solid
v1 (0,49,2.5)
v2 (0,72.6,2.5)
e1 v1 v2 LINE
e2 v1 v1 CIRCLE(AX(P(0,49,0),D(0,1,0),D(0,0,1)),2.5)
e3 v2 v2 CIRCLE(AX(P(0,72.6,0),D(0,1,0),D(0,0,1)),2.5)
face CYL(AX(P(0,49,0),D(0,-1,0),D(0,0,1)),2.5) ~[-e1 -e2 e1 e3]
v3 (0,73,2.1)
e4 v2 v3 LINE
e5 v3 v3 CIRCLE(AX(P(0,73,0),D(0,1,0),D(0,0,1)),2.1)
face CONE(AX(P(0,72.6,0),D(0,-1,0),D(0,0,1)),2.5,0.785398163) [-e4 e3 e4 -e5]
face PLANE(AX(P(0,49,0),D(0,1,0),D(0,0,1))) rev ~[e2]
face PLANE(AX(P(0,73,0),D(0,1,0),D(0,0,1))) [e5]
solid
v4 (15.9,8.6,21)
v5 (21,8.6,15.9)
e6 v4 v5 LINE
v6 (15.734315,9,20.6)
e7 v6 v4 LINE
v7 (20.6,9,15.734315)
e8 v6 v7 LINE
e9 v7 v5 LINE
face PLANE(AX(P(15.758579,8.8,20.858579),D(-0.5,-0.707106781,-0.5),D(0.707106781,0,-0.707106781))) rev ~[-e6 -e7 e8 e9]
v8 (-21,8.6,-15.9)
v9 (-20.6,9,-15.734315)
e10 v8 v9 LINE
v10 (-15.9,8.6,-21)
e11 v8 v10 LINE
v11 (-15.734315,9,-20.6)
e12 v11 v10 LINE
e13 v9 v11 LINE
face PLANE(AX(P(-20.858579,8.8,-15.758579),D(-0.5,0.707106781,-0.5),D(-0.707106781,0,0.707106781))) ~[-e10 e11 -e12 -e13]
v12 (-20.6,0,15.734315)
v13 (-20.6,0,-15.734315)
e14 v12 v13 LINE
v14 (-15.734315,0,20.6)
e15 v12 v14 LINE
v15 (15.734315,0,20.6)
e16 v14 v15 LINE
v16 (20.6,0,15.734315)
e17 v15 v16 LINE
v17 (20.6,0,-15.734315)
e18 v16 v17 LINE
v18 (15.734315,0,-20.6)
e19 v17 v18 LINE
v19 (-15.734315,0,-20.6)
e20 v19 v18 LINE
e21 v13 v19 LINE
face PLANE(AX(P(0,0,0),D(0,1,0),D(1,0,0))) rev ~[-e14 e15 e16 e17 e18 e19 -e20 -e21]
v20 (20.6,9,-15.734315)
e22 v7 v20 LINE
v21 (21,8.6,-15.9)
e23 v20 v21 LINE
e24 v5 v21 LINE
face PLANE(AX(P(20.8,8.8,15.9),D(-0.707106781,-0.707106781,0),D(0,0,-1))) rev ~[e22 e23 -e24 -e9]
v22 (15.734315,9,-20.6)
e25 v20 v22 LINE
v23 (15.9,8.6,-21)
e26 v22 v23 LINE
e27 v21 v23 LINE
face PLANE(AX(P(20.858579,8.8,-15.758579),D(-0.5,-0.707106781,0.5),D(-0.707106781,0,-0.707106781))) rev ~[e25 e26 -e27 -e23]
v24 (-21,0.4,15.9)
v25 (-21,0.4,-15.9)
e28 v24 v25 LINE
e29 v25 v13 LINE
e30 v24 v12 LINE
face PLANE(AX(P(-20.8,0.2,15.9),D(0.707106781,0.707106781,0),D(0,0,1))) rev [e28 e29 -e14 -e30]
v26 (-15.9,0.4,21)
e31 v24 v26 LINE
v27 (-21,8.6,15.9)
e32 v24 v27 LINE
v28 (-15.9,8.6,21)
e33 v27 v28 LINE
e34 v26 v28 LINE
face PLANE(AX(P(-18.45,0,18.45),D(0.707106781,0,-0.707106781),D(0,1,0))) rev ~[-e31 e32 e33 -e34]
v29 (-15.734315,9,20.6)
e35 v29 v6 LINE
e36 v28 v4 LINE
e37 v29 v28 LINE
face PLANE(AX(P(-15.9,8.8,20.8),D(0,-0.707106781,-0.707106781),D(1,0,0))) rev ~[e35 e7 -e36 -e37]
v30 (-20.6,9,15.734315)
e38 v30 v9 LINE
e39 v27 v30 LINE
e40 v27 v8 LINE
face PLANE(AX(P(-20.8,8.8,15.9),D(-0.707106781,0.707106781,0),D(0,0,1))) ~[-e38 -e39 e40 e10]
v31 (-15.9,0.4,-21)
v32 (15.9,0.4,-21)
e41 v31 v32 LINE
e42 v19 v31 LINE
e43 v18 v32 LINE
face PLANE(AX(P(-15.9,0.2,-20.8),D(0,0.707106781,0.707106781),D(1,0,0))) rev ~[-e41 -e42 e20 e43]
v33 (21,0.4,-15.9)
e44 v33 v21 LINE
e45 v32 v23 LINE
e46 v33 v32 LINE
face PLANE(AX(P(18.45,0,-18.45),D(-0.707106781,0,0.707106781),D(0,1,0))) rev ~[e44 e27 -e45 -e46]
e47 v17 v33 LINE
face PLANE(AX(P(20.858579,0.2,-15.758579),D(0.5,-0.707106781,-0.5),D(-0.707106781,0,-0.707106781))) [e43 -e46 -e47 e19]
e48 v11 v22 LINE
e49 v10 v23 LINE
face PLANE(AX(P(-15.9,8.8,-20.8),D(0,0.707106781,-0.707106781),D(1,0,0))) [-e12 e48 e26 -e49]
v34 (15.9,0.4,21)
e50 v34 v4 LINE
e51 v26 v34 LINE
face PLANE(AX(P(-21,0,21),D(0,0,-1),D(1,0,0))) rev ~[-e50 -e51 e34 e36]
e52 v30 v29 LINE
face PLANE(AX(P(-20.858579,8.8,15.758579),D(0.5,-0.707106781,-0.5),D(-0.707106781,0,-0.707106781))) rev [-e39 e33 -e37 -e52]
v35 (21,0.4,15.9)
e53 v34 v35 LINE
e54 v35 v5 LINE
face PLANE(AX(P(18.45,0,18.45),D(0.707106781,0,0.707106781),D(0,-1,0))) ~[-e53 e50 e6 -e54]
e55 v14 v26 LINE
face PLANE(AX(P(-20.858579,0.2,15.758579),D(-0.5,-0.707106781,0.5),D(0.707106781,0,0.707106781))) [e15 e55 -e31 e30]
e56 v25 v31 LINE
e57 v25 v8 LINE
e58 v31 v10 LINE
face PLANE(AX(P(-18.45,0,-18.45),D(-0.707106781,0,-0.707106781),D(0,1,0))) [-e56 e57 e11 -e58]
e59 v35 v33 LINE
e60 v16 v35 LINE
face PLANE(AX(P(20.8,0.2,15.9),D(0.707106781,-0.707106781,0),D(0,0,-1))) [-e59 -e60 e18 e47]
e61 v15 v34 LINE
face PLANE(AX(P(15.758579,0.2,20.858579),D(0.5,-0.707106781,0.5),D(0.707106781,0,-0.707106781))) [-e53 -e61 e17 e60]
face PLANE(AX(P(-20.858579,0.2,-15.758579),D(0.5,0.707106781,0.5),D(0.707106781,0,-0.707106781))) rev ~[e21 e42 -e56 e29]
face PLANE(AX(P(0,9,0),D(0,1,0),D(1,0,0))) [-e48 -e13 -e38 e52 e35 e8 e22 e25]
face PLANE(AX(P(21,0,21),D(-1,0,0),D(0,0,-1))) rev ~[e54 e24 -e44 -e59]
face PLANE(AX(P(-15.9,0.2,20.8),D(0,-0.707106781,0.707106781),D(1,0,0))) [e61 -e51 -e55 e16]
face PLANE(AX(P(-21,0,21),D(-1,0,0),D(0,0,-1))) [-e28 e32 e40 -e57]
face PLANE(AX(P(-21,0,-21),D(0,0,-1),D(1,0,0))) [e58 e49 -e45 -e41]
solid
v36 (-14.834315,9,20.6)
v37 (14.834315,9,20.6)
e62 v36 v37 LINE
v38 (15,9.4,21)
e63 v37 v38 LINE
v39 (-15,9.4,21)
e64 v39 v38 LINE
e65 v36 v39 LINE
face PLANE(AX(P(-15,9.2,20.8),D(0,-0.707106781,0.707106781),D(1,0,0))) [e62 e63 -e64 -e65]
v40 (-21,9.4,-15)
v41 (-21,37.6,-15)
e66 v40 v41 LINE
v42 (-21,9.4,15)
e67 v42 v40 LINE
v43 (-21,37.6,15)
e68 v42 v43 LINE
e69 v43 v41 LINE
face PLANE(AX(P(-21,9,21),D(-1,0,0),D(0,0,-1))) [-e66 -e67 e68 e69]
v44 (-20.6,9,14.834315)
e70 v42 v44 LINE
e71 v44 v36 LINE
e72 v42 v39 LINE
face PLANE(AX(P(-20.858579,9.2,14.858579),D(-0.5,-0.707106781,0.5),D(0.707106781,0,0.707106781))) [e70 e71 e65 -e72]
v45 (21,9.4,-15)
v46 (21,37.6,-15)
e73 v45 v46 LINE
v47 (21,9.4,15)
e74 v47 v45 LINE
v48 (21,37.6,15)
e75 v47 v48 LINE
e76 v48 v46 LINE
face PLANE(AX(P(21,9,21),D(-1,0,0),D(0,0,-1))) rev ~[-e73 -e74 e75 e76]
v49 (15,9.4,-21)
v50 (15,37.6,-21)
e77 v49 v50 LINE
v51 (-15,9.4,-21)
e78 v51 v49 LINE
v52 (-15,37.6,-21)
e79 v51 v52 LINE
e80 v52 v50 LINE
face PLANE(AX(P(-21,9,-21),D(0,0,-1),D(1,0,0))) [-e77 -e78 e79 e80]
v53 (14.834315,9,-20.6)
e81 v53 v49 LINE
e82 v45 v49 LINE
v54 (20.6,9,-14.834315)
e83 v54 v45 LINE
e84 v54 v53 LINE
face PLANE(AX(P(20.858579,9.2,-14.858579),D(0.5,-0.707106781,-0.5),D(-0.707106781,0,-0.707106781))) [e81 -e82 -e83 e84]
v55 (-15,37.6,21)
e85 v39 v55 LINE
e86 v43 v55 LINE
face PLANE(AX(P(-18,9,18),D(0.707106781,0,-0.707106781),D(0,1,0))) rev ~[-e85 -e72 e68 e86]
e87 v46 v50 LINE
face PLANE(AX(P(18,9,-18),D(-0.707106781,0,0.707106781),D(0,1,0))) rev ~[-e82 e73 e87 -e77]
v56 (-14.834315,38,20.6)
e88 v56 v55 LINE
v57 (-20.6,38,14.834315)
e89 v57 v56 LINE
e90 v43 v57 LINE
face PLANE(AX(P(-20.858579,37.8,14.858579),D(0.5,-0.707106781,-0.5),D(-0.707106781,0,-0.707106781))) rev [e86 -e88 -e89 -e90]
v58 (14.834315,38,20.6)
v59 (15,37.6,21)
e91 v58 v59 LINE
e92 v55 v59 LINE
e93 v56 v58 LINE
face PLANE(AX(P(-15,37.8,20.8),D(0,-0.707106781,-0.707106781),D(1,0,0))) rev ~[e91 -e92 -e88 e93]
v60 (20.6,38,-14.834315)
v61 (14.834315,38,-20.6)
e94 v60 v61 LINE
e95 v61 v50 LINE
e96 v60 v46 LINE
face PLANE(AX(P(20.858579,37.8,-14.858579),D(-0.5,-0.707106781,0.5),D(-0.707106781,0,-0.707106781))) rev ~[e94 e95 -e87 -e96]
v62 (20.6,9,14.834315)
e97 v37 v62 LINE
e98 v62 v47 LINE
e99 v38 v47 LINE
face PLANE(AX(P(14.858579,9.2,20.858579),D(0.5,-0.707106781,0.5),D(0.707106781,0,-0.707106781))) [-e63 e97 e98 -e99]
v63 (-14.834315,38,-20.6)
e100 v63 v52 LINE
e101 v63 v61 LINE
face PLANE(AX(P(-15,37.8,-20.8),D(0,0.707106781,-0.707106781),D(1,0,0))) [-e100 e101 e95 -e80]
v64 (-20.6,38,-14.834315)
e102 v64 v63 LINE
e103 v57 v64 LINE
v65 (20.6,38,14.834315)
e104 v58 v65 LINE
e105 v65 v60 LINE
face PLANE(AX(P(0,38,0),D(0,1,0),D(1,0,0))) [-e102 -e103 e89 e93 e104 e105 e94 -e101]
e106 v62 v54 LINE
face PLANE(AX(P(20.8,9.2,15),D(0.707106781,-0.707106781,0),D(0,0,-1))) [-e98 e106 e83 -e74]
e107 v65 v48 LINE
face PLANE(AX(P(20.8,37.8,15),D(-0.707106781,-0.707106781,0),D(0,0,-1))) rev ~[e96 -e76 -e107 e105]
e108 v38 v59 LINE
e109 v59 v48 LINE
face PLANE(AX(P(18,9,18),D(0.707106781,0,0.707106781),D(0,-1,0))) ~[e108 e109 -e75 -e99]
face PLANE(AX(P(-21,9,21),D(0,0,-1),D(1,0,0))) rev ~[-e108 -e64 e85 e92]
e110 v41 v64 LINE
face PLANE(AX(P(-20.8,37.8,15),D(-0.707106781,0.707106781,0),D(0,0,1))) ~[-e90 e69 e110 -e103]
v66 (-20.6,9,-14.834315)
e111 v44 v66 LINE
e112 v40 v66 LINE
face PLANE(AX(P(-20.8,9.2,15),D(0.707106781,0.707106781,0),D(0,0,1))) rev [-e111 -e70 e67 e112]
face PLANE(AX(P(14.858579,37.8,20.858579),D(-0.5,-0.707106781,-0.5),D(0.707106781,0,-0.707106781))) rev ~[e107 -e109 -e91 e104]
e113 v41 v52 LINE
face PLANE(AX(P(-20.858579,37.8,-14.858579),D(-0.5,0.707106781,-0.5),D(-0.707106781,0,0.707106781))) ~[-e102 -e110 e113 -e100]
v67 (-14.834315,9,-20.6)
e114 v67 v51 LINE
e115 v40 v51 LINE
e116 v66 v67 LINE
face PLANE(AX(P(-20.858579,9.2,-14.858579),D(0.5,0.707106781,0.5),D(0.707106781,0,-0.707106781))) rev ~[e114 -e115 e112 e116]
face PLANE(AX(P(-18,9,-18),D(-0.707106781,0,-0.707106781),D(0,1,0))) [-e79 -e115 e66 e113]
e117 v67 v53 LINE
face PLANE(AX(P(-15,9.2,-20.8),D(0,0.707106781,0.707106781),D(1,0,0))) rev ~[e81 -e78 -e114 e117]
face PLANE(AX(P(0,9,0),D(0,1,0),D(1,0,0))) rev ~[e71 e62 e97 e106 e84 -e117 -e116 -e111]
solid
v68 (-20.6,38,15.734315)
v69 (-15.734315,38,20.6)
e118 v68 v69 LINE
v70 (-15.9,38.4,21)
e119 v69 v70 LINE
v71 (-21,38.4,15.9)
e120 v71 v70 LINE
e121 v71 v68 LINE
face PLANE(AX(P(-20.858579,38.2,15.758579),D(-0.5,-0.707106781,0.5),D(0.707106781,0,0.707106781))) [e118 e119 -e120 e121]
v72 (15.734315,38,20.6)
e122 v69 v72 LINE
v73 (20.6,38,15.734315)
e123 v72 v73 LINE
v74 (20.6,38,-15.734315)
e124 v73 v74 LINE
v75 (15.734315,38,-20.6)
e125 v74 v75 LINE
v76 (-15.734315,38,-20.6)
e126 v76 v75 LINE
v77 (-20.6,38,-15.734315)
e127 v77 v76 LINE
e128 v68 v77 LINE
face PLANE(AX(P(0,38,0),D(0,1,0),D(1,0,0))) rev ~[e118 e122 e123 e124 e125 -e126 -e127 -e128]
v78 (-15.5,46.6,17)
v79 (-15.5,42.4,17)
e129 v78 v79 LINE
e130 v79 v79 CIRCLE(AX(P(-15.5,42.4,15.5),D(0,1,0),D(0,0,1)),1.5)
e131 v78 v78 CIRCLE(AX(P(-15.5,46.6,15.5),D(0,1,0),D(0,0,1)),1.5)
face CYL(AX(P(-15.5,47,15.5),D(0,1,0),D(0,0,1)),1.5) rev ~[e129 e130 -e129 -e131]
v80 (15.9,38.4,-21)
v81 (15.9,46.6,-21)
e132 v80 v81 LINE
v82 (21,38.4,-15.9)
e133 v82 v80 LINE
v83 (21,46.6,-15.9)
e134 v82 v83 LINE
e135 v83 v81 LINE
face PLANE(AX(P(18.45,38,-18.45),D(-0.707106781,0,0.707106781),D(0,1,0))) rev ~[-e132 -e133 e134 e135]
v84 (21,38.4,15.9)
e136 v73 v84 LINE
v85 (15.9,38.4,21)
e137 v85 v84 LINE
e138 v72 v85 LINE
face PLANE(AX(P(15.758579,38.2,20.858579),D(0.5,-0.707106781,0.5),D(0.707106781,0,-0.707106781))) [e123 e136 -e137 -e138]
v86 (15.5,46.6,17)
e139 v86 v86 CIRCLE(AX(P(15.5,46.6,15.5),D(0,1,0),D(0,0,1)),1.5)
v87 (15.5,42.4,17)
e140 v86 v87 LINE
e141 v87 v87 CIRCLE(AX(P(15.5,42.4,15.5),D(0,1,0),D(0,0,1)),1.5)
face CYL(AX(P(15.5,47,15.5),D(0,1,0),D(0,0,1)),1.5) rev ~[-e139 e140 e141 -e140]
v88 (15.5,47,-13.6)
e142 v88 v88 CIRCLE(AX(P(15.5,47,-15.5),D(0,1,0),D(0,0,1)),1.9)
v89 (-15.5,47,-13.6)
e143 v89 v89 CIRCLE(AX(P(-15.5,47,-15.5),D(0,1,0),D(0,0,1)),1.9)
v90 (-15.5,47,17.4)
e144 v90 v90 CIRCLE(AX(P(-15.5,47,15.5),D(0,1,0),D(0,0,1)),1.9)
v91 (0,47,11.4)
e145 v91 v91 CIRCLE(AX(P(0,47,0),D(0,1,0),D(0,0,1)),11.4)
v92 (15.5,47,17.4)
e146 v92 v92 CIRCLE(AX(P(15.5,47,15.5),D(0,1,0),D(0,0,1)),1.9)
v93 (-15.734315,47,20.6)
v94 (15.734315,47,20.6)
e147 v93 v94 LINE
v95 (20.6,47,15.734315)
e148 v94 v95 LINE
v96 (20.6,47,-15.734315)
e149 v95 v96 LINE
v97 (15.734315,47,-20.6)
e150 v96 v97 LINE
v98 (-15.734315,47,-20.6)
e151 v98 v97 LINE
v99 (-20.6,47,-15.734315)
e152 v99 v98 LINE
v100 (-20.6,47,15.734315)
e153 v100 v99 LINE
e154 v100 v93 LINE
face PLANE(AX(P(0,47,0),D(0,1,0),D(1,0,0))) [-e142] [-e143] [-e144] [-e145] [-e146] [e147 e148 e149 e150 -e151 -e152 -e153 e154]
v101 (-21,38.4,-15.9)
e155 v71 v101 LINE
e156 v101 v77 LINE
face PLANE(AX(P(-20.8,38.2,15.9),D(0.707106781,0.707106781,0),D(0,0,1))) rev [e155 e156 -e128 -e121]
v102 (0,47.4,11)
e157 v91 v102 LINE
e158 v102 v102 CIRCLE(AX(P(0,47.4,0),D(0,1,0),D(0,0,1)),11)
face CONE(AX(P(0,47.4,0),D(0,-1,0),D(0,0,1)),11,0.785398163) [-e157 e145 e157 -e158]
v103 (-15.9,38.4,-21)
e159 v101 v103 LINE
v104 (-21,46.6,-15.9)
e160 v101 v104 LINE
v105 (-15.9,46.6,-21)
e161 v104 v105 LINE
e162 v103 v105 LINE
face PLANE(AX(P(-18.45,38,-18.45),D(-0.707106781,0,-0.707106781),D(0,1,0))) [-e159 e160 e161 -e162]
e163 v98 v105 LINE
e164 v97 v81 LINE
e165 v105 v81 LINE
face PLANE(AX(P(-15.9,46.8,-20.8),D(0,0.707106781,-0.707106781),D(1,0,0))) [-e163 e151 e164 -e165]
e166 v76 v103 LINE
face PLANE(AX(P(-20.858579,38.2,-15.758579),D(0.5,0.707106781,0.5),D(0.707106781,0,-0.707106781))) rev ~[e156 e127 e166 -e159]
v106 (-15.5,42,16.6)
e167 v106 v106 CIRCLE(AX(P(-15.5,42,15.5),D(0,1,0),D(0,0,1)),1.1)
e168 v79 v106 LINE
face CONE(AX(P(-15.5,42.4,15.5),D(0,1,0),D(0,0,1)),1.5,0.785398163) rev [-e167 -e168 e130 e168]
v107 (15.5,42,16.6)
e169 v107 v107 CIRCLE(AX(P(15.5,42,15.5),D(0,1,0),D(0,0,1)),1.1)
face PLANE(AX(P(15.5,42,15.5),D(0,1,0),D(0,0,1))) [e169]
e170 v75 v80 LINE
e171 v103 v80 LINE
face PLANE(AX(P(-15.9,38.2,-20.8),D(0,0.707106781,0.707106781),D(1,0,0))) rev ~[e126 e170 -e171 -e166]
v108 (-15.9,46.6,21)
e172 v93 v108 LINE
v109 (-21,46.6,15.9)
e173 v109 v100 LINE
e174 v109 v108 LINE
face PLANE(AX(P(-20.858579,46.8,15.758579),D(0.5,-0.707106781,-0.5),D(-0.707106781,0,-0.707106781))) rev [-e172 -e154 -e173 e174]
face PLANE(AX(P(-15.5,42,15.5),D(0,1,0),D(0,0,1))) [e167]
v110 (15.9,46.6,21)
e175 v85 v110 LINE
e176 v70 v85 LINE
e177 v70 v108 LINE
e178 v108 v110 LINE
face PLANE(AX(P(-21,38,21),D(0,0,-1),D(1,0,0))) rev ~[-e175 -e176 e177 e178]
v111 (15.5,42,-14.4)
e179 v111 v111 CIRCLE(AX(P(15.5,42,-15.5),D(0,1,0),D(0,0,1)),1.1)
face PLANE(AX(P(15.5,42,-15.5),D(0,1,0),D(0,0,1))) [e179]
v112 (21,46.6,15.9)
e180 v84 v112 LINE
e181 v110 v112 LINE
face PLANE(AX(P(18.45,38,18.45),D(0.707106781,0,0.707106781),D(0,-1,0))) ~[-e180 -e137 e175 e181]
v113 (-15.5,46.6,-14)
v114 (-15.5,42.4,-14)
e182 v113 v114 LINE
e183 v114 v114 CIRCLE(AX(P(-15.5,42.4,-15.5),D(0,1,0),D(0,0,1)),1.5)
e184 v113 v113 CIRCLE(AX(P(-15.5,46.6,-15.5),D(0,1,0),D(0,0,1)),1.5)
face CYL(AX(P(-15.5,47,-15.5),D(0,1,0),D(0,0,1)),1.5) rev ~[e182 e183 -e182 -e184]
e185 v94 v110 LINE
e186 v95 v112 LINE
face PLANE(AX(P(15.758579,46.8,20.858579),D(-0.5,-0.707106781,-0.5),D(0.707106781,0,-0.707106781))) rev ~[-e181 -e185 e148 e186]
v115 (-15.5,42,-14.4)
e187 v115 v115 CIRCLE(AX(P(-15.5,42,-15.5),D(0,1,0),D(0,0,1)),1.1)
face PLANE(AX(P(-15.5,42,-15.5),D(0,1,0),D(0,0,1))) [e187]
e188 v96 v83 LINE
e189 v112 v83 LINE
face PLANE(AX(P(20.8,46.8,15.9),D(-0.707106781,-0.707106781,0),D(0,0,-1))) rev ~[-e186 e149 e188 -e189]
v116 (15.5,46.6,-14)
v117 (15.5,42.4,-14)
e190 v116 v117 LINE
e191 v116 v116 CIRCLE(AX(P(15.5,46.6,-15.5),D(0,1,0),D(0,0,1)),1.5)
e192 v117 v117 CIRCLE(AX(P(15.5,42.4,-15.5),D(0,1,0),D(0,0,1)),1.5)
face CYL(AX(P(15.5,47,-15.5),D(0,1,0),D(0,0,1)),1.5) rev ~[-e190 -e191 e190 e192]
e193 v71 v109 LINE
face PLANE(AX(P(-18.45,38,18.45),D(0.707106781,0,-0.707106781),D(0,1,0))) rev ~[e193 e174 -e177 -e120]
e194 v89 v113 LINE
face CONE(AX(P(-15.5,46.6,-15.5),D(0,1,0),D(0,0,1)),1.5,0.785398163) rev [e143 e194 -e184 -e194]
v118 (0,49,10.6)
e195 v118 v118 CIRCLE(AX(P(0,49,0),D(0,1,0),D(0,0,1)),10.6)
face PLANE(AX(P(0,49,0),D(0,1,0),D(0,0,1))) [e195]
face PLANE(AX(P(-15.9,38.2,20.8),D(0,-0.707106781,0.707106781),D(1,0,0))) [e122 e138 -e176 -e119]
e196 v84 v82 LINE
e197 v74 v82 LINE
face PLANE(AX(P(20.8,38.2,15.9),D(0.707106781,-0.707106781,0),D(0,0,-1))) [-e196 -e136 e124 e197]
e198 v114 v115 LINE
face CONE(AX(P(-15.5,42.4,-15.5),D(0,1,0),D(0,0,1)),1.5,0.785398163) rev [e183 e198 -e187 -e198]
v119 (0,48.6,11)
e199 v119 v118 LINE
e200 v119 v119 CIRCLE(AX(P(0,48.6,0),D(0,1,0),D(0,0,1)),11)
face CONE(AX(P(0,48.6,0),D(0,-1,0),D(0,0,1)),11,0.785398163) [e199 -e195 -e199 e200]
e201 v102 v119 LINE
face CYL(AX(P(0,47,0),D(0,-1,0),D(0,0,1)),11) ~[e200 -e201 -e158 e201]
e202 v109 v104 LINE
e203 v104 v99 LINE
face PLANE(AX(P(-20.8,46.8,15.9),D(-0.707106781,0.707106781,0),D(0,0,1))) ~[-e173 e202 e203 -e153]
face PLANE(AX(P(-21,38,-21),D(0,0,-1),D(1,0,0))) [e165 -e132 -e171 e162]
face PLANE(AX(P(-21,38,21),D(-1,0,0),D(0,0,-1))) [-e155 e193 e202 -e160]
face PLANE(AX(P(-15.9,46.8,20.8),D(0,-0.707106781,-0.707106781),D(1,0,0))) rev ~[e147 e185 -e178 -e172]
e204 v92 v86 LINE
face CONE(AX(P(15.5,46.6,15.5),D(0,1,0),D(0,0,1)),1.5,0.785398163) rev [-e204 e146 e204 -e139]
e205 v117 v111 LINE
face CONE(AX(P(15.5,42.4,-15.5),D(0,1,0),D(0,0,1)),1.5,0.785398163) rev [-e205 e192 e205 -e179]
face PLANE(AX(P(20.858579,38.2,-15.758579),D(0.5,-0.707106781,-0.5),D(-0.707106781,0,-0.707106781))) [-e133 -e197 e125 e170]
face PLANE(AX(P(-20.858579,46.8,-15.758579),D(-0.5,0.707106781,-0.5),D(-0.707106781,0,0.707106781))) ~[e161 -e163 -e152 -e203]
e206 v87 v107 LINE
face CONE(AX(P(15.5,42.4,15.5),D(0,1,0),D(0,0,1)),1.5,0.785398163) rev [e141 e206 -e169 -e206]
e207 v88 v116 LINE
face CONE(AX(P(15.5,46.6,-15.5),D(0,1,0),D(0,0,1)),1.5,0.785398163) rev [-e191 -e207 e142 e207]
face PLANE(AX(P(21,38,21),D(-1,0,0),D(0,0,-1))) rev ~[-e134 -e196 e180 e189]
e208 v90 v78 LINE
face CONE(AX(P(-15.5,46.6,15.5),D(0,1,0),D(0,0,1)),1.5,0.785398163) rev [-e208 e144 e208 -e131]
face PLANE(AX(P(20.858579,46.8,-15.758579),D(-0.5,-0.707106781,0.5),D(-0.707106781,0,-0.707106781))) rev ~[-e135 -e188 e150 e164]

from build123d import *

# Parameters (mm, degrees)
SKETCH1_W           = 42
SKETCH1_H           = 42
BOSS_EXTRUDE1_DEPTH = 9
CHAMFER1_SIZE       = 5.1
CHAMFER2_SIZE       = 0.4
SKETCH3_W           = 42
SKETCH3_H           = 42
BOSS_EXTRUDE3_DEPTH = 29
CHAMFER3_SIZE       = 6
CHAMFER4_SIZE       = 0.4
SKETCH4_W           = 42
SKETCH4_H           = 42
BOSS_EXTRUDE4_DEPTH = 9
CHAMFER5_SIZE       = 5.1
SKETCH5_R           = 11
BOSS_EXTRUDE5_DEPTH = 2
SKETCH7_R           = 1.5
CUT_EXTRUDE1_DEPTH  = 5
CHAMFER6_SIZE       = 0.4
SKETCH6_R           = 2.5
BOSS_EXTRUDE6_DEPTH = 24
CHAMFER7_SIZE       = 0.4


with BuildPart() as part:
    # Sketch1 → Boss-Extrude1 (new body)
    with BuildSketch(Plane(origin=(0, 0, 0), x_dir=(1, 0, 0), z_dir=(0, 1, 0))):
        Rectangle(SKETCH1_W, SKETCH1_H)
    extrude(amount=BOSS_EXTRUDE1_DEPTH)

    # Chamfer1
    chamfer1_edges = [part.edges().sort_by_distance(p)[0] for p in [
        (21, 4.5, 21),
        (-21, 4.5, 21),
        (-21, 4.5, -21),
        (21, 4.5, -21),
    ]]
    chamfer(chamfer1_edges, length=CHAMFER1_SIZE)

    # Chamfer2
    chamfer2_edges = [part.edges().sort_by_distance(p)[0] for p in [
        (-21, 0, 0),
        (-21, 9, 0),
        (21, 0, 0),
        (0, 0, 21),
        (0, 0, -21),
        (-18.45, 0, 18.45),
        (18.45, 0, 18.45),
        (18.45, 0, -18.45),
        (-18.45, 0, -18.45),
        (0, 9, -21),
        (21, 9, 0),
        (0, 9, 21),
        (-18.45, 9, 18.45),
        (18.45, 9, 18.45),
        (18.45, 9, -18.45),
        (-18.45, 9, -18.45),
    ]]
    chamfer(chamfer2_edges, length=CHAMFER2_SIZE)


with BuildPart() as body_2:
    # Sketch3 → Boss-Extrude3 (new body)
    with BuildSketch(Plane(origin=(0, 9, 0), x_dir=(1, 0, 0), z_dir=(0, 1, 0))):
        Rectangle(SKETCH3_W, SKETCH3_H)
    extrude(amount=BOSS_EXTRUDE3_DEPTH)

    # Chamfer3
    chamfer3_edges = [body_2.edges().sort_by_distance(p)[0] for p in [
        (-21, 23.5, -21),
        (21, 23.5, -21),
        (21, 23.5, 21),
        (-21, 23.5, 21),
    ]]
    chamfer(chamfer3_edges, length=CHAMFER3_SIZE)

    # Chamfer4
    chamfer4_edges = [body_2.edges().sort_by_distance(p)[0] for p in [
        (-21, 9, 0),
        (-21, 38, 0),
        (0, 9, -21),
        (21, 9, 0),
        (0, 9, 21),
        (18, 9, 18),
        (-18, 9, 18),
        (18, 9, -18),
        (-18, 9, -18),
        (0, 38, -21),
        (0, 38, 21),
        (21, 38, 0),
        (18, 38, 18),
        (-18, 38, 18),
        (18, 38, -18),
        (-18, 38, -18),
    ]]
    chamfer(chamfer4_edges, length=CHAMFER4_SIZE)


with BuildPart() as body_3:
    # Sketch4 → Boss-Extrude4 (new body)
    with BuildSketch(Plane(origin=(0, 38, 0), x_dir=(1, 0, 0), z_dir=(0, 1, 0))):
        Rectangle(SKETCH4_W, SKETCH4_H)
    extrude(amount=BOSS_EXTRUDE4_DEPTH)

    # Chamfer5
    chamfer5_edges = [body_3.edges().sort_by_distance(p)[0] for p in [
        (-21, 42.5, -21),
        (21, 42.5, -21),
        (21, 42.5, 21),
        (-21, 42.5, 21),
    ]]
    chamfer(chamfer5_edges, length=CHAMFER5_SIZE)

    # Sketch5 → Boss-Extrude5 (add)
    with BuildSketch(Plane(origin=(0, 47, 0), x_dir=(1, 0, 0), z_dir=(0, 1, 0))):
        with Locations(Location((0, 0, 0), (0, 0, 270))):
            Circle(SKETCH5_R)
    extrude(amount=BOSS_EXTRUDE5_DEPTH)

    # Sketch7 → Cut-Extrude1 (cut)
    with BuildSketch(Plane(origin=(0, 47, 0), x_dir=(1, 0, 0), z_dir=(0, 1, 0))):
        with Locations(Location((15.5, -15.5, 0), (0, 0, 270))):
            Circle(SKETCH7_R)
        with Locations(Location((-15.5, -15.5, 0), (0, 0, 270))):
            Circle(SKETCH7_R)
        with Locations(Location((15.5, 15.5, 0), (0, 0, 270))):
            Circle(SKETCH7_R)
        with Locations(Location((-15.5, 15.5, 0), (0, 0, 270))):
            Circle(SKETCH7_R)
    extrude(amount=-CUT_EXTRUDE1_DEPTH, mode=Mode.SUBTRACT)

    # Chamfer6
    chamfer6_edges = [body_3.edges().sort_by_distance(p)[0] for p in [
        (21, 38, 0),
        (21, 47, 0),
        (-21, 38, 0),
        (0, 38, -21),
        (0, 38, 21),
        (18.45, 38, -18.45),
        (-18.45, 38, -18.45),
        (-18.45, 38, 18.45),
        (18.45, 38, 18.45),
        (0, 47, 21),
        (-21, 47, 0),
        (0, 47, -21),
        (18.45, 47, -18.45),
        (-18.45, 47, -18.45),
        (-18.45, 47, 18.45),
        (18.45, 47, 18.45),
        (0, 47, -11),
        (0, 49, -11),
        (-15.5, 42, 14),
        (-15.5, 47, 14),
        (15.5, 42, -17),
        (15.5, 47, -17),
        (-15.5, 42, -17),
        (-15.5, 47, -17),
        (15.5, 42, 14),
        (15.5, 47, 14),
    ]]
    chamfer(chamfer6_edges, length=CHAMFER6_SIZE)


with BuildPart() as body_4:
    # Sketch6 → Boss-Extrude6 (new body)
    with BuildSketch(Plane(origin=(0, 49, 0), x_dir=(1, 0, 0), z_dir=(0, 1, 0))):
        with Locations(Location((0, 0, 0), (0, 0, 270))):
            Circle(SKETCH6_R)
    extrude(amount=BOSS_EXTRUDE6_DEPTH)

    # Chamfer7
    chamfer7_edges = [body_4.edges().sort_by_distance(p)[0] for p in [
        (0, 73, -2.5),
    ]]
    chamfer(chamfer7_edges, length=CHAMFER7_SIZE)


solid = Compound([part.part, body_2.part, body_3.part, body_4.part])
